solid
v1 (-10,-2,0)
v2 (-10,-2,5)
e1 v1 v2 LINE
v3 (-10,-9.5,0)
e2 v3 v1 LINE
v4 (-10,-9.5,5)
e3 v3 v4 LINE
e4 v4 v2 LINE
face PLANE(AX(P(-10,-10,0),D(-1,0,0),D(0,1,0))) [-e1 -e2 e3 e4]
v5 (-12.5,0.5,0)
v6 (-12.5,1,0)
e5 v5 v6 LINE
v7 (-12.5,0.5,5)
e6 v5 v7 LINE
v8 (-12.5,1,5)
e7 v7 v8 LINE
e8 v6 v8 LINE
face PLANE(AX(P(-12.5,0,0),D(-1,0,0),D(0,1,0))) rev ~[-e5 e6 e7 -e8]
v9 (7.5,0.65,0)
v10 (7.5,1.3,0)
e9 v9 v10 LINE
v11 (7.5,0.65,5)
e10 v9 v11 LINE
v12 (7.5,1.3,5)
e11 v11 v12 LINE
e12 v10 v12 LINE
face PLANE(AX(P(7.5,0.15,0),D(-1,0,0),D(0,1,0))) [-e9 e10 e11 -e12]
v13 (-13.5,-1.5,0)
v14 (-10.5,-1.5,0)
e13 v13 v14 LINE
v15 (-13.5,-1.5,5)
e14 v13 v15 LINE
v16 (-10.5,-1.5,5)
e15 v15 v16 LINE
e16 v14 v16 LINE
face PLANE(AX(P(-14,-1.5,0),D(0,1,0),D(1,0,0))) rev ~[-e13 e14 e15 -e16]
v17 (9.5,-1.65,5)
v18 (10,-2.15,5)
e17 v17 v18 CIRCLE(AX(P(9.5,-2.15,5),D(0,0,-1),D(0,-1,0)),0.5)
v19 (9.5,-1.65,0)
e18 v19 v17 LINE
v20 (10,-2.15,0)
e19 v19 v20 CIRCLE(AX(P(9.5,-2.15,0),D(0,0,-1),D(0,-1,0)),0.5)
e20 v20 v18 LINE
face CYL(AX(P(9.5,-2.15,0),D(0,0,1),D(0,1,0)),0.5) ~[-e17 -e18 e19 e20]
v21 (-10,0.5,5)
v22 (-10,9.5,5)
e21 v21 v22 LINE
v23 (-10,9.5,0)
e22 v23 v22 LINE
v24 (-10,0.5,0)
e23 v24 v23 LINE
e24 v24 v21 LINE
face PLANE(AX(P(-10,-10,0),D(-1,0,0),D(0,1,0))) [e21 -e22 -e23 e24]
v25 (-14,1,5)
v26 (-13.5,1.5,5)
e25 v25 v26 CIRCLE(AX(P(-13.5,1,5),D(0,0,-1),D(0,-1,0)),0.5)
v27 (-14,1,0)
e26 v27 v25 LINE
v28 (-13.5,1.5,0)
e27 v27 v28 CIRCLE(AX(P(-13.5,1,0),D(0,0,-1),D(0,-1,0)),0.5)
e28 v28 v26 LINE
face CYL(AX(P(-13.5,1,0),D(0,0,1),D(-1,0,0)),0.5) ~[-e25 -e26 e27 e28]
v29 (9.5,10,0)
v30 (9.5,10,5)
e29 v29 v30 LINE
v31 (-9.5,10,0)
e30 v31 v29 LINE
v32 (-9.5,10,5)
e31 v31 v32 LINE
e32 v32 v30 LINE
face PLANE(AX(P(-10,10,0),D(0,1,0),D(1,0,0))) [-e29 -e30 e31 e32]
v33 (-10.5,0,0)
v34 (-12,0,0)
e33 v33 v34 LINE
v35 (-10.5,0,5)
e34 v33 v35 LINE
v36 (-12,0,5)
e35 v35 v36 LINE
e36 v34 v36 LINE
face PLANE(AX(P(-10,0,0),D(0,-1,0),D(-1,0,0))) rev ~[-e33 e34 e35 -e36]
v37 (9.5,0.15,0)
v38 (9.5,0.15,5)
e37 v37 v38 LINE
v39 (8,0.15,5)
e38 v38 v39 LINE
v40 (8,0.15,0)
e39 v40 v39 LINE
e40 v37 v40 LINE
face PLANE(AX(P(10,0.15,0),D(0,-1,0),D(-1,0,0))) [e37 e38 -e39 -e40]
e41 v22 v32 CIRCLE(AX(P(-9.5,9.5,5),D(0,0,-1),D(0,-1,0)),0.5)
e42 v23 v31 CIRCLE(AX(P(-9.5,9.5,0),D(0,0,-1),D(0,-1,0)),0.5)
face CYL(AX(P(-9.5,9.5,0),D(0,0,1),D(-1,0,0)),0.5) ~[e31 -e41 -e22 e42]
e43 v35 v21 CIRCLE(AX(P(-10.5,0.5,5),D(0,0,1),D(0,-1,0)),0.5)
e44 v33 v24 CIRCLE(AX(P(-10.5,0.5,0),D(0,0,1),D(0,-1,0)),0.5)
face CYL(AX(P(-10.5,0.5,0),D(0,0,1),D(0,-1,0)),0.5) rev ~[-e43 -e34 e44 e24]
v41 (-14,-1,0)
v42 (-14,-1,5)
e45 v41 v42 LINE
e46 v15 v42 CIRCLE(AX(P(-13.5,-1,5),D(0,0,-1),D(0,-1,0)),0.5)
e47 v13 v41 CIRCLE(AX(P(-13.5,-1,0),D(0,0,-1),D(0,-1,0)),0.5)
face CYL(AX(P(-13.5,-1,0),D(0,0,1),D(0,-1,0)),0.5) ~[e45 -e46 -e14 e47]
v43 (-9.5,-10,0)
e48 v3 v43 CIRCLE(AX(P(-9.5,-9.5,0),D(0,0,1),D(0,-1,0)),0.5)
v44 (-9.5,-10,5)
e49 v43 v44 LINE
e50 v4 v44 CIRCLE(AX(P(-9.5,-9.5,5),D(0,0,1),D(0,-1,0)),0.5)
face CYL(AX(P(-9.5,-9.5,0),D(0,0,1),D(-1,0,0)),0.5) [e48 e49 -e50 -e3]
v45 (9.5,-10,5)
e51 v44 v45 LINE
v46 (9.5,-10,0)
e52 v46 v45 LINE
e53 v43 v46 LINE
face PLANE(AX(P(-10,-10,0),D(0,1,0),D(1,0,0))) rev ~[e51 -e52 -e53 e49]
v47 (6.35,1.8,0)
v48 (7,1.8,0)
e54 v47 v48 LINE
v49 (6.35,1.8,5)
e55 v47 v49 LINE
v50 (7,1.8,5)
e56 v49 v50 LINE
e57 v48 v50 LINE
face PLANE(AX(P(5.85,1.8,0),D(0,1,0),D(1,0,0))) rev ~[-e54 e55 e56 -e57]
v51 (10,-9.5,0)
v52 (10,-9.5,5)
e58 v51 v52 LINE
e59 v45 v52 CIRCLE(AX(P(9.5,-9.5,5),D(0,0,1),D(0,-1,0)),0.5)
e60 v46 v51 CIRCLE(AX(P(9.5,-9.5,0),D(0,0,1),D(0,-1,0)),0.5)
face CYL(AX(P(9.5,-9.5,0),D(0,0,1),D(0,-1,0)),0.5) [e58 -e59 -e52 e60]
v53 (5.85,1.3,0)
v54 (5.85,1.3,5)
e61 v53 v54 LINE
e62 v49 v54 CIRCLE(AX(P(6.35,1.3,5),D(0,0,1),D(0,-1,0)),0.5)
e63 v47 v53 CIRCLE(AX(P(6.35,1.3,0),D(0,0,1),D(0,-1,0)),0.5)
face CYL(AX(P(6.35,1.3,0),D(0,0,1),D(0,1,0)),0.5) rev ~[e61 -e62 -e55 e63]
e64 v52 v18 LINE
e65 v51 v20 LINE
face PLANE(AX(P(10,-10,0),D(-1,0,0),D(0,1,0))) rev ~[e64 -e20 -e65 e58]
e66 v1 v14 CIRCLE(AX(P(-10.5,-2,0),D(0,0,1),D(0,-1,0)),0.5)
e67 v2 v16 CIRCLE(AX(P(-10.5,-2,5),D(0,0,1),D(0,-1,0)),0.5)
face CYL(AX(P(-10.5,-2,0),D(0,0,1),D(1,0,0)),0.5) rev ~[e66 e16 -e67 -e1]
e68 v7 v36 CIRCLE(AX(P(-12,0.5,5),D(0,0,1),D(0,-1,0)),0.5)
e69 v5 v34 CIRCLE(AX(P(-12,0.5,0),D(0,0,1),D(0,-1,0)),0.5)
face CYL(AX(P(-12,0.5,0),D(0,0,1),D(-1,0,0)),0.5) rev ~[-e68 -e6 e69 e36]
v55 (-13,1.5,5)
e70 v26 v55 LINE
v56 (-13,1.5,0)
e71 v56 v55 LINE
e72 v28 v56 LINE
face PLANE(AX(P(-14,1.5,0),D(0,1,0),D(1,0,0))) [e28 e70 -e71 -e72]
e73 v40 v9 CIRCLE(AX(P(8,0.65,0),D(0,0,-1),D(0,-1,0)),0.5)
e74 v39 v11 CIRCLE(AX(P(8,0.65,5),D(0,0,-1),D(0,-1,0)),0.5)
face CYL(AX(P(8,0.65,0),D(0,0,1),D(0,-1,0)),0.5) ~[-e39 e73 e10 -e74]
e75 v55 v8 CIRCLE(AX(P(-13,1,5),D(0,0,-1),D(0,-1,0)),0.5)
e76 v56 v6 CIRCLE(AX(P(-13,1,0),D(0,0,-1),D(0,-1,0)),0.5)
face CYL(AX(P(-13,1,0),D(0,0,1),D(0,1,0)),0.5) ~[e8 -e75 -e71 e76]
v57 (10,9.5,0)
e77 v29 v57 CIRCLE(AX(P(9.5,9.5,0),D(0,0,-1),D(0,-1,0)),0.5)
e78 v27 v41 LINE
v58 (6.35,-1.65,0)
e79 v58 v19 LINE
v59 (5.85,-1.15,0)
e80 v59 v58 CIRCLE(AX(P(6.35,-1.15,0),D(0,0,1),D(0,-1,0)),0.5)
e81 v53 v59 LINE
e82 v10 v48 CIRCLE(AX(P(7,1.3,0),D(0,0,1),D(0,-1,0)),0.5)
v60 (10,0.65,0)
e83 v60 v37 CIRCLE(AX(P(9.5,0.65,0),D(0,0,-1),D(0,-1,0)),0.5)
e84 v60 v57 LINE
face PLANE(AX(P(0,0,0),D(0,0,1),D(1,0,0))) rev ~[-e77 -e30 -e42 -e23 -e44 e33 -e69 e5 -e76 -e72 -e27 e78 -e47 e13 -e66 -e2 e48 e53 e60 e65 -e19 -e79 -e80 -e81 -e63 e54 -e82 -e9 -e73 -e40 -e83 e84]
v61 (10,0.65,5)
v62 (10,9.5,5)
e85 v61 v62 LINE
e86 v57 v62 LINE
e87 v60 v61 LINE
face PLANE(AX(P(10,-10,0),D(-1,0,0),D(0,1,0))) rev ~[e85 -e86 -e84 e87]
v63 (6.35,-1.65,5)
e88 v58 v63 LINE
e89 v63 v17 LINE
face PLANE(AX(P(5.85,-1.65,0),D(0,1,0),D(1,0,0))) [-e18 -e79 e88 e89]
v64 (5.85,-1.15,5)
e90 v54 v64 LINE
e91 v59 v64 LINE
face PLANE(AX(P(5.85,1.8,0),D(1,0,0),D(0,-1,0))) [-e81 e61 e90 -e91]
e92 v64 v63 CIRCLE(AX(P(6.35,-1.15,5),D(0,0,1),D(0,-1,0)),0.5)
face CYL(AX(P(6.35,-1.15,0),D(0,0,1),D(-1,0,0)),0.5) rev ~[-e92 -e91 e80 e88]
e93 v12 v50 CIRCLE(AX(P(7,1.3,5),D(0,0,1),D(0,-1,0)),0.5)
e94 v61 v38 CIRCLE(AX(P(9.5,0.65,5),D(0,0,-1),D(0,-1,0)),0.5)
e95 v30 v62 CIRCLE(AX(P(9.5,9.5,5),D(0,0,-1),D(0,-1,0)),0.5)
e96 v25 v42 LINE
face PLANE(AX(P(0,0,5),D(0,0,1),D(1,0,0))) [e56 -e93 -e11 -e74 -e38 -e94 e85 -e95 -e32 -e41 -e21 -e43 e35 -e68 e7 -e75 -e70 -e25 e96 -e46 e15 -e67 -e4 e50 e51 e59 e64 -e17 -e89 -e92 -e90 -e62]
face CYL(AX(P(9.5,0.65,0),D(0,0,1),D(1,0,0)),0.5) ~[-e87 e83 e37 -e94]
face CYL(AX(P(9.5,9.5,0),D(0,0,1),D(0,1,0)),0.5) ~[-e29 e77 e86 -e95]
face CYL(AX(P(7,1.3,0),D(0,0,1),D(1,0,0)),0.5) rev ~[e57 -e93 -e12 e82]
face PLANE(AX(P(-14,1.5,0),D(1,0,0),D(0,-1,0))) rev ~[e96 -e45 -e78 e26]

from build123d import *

# Parameters (mm, degrees)
F0_W     = 20
F0_H     = 20
F1_DEPTH = 5
F2_W     = 1.5
F2_H     = 1.5
F3_DEPTH = 5
F4_W     = 1.65
F4_H     = 1.65
F5_DEPTH = 5
F6_R     = 0.5


with BuildPart() as f1:
    # F0 (on Top) → F1 (new body)
    with BuildSketch(Plane.XY):
        Rectangle(F0_W, F0_H)
    extrude(amount=F1_DEPTH)

    # F2 (on Top) → F3 (join)
    with BuildSketch(Plane.XY):
        Polygon((-10, -1.5), (-10, 0), (-12.5, 0), (-14, 0), (-14, -1.5), align=None)
        with Locations((-13.25, 0.75)):
            Rectangle(F2_W, F2_H)
    extrude(amount=F3_DEPTH)

    # F4 (on Top) → F5 (cut)
    with BuildSketch(Plane.XY):
        Polygon((10, -1.65), (10, 0.15), (7.5, 0.15), (5.85, 0.15), (5.85, -1.65), align=None)
        with Locations((6.675, 0.975)):
            Rectangle(F4_W, F4_H)
    extrude(amount=F5_DEPTH, mode=Mode.SUBTRACT)

    # F6
    f6_edges = [f1.edges().sort_by_distance(p)[0] for p in [
        (-14, -1.5, 2.5),
        (-14, 1.5, 2.5),
        (-12.5, 1.5, 2.5),
        (-10, 0, 2.5),
        (-12.5, 0, 2.5),
        (-10, -1.5, 2.5),
        (5.85, 1.8, 2.5),
        (7.5, 1.8, 2.5),
        (7.5, 0.15, 2.5),
        (10, 0.15, 2.5),
        (10, -1.65, 2.5),
        (5.85, -1.65, 2.5),
        (10, -10, 2.5),
        (10, 10, 2.5),
        (-10, 10, 2.5),
        (-10, -10, 2.5),
    ]]
    fillet(f6_edges, radius=F6_R)


solid = f1.part
